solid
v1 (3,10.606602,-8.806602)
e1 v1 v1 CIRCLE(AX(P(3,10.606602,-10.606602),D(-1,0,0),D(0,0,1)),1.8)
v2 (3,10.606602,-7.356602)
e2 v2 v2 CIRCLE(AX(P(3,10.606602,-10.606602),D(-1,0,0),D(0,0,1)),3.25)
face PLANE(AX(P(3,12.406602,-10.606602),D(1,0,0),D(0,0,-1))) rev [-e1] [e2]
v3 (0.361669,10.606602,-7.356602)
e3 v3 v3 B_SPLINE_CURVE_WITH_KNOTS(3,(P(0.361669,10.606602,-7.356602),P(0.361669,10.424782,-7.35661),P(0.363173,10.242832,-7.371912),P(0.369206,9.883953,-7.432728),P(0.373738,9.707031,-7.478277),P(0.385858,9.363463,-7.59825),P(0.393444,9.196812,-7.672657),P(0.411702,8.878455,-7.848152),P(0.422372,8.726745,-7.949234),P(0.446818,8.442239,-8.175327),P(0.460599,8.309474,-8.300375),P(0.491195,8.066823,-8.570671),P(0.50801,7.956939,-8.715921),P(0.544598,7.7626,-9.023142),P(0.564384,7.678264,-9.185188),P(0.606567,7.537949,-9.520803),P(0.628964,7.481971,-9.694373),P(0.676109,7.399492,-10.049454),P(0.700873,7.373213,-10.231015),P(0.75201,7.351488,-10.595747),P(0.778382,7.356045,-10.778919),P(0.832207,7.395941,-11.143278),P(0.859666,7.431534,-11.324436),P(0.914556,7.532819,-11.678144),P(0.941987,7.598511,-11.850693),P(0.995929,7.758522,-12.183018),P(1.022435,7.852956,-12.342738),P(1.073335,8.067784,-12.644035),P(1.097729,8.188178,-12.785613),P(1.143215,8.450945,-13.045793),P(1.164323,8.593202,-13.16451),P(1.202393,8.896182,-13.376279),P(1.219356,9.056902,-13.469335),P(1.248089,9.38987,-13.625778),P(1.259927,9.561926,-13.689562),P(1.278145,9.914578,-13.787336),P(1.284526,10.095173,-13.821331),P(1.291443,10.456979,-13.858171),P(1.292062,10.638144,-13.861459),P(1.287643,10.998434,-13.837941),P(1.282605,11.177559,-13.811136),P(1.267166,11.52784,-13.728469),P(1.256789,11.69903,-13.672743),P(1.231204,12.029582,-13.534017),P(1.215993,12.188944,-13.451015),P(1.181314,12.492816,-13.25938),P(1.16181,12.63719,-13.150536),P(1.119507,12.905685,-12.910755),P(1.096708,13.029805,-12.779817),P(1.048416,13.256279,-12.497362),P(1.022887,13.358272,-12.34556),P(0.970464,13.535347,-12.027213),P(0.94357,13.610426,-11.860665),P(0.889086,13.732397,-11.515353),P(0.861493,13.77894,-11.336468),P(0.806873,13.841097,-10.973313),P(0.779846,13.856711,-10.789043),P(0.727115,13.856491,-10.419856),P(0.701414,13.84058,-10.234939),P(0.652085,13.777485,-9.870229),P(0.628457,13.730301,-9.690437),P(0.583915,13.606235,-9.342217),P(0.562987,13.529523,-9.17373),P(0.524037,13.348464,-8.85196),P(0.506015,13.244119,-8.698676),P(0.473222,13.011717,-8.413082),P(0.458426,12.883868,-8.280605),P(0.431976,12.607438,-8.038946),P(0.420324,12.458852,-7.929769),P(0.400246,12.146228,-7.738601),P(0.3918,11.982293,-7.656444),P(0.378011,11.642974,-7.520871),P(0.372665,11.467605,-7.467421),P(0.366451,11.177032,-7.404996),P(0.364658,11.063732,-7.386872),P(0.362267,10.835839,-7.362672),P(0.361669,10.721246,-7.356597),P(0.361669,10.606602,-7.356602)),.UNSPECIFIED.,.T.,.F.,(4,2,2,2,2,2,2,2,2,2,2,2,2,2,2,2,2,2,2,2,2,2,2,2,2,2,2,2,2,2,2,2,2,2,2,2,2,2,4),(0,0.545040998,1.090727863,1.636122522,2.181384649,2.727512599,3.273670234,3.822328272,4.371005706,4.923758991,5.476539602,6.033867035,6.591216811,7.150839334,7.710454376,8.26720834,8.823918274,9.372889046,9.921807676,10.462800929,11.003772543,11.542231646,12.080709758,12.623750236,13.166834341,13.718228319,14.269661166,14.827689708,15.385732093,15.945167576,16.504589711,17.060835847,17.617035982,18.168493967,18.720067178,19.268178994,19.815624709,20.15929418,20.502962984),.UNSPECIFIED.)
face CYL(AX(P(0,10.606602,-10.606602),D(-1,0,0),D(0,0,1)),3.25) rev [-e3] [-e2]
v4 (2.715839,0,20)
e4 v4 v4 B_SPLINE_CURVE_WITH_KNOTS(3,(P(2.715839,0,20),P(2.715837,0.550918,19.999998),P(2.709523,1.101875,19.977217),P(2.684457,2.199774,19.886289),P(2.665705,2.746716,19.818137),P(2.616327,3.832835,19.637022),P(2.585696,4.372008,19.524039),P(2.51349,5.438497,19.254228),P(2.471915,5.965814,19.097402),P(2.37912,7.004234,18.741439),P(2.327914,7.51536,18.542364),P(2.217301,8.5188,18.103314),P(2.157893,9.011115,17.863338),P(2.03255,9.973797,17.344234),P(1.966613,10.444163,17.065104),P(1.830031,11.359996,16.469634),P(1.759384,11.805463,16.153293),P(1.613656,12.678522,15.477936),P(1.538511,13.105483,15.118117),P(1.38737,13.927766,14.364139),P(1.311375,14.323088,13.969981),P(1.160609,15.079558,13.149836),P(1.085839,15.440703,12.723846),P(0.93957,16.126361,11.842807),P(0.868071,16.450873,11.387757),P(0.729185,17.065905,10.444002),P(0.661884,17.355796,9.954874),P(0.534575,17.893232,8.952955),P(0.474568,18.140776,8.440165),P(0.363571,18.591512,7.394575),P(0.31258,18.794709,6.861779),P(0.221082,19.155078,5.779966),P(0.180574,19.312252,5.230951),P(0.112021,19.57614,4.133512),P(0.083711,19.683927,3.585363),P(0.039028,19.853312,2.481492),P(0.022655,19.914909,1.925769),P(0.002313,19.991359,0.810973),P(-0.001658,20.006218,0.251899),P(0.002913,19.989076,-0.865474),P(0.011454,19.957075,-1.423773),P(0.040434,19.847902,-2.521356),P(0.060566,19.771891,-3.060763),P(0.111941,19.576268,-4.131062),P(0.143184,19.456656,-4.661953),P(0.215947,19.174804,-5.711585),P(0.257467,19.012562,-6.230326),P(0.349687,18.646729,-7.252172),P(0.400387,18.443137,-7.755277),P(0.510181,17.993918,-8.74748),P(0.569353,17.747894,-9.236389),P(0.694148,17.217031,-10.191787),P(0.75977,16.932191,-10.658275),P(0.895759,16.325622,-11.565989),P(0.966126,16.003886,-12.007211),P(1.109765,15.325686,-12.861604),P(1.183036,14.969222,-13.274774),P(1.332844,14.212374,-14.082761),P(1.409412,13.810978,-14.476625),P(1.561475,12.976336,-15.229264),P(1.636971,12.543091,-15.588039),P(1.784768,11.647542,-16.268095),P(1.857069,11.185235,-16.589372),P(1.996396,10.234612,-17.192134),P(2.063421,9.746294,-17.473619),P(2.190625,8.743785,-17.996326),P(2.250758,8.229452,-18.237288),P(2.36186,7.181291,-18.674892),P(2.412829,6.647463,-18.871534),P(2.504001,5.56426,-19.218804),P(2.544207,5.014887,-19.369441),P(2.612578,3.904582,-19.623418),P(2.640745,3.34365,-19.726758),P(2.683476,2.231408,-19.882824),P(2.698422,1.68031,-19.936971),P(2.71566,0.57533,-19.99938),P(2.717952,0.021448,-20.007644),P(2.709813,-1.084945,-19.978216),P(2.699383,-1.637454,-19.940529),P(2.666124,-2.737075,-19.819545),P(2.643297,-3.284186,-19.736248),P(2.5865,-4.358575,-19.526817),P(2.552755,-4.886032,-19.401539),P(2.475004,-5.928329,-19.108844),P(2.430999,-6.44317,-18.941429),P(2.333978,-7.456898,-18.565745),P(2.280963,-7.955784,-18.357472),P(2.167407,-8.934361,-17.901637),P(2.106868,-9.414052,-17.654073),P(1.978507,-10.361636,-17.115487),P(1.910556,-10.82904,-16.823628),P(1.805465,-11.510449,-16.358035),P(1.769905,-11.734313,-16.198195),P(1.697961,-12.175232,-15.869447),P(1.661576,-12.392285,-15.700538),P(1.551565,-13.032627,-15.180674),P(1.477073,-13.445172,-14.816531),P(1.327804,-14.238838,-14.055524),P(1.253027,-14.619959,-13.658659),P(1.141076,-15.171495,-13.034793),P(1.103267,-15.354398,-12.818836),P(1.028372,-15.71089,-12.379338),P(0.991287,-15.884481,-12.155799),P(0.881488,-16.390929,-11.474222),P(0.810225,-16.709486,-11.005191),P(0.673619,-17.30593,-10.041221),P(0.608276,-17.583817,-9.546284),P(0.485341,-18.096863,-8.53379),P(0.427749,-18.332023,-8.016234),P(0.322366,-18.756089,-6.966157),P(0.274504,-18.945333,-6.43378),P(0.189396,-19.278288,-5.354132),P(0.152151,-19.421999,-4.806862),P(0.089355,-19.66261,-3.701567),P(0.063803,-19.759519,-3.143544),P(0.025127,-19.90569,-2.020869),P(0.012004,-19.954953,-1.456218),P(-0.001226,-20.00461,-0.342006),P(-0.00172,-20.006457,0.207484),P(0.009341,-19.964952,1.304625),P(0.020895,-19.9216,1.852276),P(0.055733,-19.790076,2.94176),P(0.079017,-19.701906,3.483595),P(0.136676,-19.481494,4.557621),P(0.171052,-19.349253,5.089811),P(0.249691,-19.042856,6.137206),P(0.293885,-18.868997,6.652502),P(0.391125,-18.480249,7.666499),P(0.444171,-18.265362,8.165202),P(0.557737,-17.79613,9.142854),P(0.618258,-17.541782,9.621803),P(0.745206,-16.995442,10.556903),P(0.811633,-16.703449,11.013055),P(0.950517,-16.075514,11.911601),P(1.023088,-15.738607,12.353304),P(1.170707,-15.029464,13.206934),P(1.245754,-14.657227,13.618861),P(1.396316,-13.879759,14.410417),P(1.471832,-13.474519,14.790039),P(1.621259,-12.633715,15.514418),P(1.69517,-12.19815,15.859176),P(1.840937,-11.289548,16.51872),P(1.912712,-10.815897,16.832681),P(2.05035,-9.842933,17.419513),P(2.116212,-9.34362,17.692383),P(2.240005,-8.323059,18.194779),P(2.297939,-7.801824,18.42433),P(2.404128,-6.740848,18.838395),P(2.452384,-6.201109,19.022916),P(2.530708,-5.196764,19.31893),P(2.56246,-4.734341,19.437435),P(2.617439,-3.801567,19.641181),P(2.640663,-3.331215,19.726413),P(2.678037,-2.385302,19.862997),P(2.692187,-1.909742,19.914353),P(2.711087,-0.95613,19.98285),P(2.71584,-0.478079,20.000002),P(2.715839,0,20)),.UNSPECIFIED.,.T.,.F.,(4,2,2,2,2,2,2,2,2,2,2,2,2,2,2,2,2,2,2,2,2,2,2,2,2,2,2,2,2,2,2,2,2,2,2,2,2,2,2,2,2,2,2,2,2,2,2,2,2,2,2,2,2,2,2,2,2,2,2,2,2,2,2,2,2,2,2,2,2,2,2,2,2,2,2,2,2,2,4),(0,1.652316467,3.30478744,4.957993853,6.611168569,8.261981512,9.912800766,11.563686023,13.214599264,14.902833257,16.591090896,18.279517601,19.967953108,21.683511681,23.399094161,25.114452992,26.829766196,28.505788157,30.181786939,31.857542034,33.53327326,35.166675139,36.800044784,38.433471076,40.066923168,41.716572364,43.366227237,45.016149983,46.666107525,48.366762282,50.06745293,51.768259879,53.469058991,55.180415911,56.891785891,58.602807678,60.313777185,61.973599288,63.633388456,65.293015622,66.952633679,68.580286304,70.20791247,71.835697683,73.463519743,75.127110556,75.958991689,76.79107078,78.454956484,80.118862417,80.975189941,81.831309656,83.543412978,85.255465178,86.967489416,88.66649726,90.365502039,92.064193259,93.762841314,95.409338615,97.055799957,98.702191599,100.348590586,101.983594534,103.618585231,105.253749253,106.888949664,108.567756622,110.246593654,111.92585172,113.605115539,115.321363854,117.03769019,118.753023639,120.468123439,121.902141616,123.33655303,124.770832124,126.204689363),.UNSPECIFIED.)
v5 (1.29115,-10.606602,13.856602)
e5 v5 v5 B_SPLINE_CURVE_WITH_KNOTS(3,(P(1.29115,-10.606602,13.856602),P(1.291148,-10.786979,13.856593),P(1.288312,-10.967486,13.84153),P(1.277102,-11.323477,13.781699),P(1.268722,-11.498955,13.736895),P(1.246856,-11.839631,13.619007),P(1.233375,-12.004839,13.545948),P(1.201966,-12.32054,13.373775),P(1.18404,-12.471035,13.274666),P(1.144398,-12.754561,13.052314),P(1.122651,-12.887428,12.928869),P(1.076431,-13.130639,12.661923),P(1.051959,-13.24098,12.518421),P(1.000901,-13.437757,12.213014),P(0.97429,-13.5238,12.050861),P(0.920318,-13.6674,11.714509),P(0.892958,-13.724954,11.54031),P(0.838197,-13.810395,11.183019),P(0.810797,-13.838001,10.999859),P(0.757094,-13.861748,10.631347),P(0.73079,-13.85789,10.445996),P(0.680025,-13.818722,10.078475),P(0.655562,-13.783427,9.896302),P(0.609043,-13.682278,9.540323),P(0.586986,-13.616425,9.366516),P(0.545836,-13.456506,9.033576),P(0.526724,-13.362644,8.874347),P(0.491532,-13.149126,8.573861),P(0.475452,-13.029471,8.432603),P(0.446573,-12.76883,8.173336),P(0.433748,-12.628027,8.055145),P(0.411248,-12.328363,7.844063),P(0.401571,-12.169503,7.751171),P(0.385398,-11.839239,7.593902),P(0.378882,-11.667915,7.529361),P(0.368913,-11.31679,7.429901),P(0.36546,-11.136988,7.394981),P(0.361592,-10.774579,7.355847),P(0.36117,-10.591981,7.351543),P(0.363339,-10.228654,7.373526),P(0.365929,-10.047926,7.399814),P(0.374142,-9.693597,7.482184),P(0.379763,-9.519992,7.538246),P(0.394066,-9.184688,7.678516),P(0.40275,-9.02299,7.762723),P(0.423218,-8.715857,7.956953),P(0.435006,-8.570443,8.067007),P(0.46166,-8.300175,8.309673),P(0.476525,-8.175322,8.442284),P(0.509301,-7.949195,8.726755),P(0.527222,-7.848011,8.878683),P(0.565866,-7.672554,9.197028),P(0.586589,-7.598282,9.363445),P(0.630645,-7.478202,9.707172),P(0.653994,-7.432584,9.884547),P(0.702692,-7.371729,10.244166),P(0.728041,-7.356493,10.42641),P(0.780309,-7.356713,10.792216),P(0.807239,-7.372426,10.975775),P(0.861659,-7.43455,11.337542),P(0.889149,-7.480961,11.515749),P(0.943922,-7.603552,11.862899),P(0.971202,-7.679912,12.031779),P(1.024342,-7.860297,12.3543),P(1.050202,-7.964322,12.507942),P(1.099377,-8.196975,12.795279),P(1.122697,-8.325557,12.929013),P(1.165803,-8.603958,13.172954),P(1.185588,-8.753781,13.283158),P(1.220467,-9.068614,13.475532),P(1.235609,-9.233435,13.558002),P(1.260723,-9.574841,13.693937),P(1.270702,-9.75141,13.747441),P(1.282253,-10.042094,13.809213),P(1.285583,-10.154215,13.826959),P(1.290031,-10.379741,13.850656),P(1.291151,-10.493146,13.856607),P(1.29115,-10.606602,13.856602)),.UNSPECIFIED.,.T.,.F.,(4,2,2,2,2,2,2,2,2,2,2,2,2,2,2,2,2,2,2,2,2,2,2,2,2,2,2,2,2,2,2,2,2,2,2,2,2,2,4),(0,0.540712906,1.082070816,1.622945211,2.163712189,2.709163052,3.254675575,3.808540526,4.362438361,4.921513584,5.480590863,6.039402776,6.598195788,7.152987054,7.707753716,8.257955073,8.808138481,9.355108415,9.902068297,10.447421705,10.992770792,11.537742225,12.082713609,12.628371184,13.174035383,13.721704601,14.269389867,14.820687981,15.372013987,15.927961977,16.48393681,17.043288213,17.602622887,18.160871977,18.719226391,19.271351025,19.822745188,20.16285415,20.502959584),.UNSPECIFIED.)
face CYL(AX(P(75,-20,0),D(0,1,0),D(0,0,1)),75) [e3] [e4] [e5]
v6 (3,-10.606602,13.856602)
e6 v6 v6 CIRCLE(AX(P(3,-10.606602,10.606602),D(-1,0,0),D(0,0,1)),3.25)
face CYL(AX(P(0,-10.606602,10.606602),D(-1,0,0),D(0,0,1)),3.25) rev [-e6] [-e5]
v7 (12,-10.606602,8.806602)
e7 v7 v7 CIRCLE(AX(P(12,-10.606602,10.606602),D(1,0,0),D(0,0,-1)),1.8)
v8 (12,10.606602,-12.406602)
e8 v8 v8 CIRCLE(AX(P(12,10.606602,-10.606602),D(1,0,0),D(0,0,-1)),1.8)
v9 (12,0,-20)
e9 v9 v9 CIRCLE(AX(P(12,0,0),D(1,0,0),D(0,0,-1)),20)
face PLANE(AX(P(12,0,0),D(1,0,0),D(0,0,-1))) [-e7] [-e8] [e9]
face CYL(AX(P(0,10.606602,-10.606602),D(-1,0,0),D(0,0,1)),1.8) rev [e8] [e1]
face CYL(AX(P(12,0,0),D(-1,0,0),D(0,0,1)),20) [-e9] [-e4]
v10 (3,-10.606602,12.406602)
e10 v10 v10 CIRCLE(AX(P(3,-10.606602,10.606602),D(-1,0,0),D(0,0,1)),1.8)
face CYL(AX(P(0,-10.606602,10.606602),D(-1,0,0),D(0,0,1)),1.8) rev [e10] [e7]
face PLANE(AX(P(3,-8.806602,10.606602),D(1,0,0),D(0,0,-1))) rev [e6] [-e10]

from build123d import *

# Parameters (mm, degrees)
SKETCH1_R                              = 20
BLOCO_DEPTH                            = 12
FURO_DE_FIXA_O_PARAFUSO_M3_D           = 3.6
FURO_DE_FIXA_O_PARAFUSO_M3_CBORE_D     = 6.5
FURO_DE_FIXA_O_PARAFUSO_M3_CBORE_DEPTH = 3
CORTE_ARREDONDAMENTO_DEPTH             = 31.724582991
CORTE_ARREDONDAMENTO_DEPTH_BACK        = 31.724582991
SKETCH7_R                              = 100
SKETCH7_R_2                            = 75


with BuildPart() as part:
    # Sketch1 → Bloco (new body)
    with BuildSketch(Plane(origin=(0, 0, 0), x_dir=(0, 0, -1), z_dir=(1, 0, 0))):
        Circle(SKETCH1_R)
    extrude(amount=BLOCO_DEPTH)

    # Furo de Fixação - Parafuso M3 (through all)
    with Locations(Plane.ZY):
        with Locations((10.606601718, -10.606601718), (-10.606601718, 10.606601718)):
            CounterBoreHole(FURO_DE_FIXA_O_PARAFUSO_M3_D / 2, FURO_DE_FIXA_O_PARAFUSO_M3_CBORE_D / 2, FURO_DE_FIXA_O_PARAFUSO_M3_CBORE_DEPTH)

    # Sketch7 → Corte - Arredondamento (cut, two sides: drawn at the far end of the back side and taken through both)
    with BuildSketch(Plane(origin=(0, 0, 0), x_dir=(1, 0, 0), z_dir=(0, 1, 0)).offset(-CORTE_ARREDONDAMENTO_DEPTH_BACK)):
        with Locations((75, 0)):
            Circle(SKETCH7_R)
        with Locations((75, 0)):
            Circle(SKETCH7_R_2, mode=Mode.SUBTRACT)
    extrude(amount=CORTE_ARREDONDAMENTO_DEPTH + CORTE_ARREDONDAMENTO_DEPTH_BACK, mode=Mode.SUBTRACT)


solid = part.part
